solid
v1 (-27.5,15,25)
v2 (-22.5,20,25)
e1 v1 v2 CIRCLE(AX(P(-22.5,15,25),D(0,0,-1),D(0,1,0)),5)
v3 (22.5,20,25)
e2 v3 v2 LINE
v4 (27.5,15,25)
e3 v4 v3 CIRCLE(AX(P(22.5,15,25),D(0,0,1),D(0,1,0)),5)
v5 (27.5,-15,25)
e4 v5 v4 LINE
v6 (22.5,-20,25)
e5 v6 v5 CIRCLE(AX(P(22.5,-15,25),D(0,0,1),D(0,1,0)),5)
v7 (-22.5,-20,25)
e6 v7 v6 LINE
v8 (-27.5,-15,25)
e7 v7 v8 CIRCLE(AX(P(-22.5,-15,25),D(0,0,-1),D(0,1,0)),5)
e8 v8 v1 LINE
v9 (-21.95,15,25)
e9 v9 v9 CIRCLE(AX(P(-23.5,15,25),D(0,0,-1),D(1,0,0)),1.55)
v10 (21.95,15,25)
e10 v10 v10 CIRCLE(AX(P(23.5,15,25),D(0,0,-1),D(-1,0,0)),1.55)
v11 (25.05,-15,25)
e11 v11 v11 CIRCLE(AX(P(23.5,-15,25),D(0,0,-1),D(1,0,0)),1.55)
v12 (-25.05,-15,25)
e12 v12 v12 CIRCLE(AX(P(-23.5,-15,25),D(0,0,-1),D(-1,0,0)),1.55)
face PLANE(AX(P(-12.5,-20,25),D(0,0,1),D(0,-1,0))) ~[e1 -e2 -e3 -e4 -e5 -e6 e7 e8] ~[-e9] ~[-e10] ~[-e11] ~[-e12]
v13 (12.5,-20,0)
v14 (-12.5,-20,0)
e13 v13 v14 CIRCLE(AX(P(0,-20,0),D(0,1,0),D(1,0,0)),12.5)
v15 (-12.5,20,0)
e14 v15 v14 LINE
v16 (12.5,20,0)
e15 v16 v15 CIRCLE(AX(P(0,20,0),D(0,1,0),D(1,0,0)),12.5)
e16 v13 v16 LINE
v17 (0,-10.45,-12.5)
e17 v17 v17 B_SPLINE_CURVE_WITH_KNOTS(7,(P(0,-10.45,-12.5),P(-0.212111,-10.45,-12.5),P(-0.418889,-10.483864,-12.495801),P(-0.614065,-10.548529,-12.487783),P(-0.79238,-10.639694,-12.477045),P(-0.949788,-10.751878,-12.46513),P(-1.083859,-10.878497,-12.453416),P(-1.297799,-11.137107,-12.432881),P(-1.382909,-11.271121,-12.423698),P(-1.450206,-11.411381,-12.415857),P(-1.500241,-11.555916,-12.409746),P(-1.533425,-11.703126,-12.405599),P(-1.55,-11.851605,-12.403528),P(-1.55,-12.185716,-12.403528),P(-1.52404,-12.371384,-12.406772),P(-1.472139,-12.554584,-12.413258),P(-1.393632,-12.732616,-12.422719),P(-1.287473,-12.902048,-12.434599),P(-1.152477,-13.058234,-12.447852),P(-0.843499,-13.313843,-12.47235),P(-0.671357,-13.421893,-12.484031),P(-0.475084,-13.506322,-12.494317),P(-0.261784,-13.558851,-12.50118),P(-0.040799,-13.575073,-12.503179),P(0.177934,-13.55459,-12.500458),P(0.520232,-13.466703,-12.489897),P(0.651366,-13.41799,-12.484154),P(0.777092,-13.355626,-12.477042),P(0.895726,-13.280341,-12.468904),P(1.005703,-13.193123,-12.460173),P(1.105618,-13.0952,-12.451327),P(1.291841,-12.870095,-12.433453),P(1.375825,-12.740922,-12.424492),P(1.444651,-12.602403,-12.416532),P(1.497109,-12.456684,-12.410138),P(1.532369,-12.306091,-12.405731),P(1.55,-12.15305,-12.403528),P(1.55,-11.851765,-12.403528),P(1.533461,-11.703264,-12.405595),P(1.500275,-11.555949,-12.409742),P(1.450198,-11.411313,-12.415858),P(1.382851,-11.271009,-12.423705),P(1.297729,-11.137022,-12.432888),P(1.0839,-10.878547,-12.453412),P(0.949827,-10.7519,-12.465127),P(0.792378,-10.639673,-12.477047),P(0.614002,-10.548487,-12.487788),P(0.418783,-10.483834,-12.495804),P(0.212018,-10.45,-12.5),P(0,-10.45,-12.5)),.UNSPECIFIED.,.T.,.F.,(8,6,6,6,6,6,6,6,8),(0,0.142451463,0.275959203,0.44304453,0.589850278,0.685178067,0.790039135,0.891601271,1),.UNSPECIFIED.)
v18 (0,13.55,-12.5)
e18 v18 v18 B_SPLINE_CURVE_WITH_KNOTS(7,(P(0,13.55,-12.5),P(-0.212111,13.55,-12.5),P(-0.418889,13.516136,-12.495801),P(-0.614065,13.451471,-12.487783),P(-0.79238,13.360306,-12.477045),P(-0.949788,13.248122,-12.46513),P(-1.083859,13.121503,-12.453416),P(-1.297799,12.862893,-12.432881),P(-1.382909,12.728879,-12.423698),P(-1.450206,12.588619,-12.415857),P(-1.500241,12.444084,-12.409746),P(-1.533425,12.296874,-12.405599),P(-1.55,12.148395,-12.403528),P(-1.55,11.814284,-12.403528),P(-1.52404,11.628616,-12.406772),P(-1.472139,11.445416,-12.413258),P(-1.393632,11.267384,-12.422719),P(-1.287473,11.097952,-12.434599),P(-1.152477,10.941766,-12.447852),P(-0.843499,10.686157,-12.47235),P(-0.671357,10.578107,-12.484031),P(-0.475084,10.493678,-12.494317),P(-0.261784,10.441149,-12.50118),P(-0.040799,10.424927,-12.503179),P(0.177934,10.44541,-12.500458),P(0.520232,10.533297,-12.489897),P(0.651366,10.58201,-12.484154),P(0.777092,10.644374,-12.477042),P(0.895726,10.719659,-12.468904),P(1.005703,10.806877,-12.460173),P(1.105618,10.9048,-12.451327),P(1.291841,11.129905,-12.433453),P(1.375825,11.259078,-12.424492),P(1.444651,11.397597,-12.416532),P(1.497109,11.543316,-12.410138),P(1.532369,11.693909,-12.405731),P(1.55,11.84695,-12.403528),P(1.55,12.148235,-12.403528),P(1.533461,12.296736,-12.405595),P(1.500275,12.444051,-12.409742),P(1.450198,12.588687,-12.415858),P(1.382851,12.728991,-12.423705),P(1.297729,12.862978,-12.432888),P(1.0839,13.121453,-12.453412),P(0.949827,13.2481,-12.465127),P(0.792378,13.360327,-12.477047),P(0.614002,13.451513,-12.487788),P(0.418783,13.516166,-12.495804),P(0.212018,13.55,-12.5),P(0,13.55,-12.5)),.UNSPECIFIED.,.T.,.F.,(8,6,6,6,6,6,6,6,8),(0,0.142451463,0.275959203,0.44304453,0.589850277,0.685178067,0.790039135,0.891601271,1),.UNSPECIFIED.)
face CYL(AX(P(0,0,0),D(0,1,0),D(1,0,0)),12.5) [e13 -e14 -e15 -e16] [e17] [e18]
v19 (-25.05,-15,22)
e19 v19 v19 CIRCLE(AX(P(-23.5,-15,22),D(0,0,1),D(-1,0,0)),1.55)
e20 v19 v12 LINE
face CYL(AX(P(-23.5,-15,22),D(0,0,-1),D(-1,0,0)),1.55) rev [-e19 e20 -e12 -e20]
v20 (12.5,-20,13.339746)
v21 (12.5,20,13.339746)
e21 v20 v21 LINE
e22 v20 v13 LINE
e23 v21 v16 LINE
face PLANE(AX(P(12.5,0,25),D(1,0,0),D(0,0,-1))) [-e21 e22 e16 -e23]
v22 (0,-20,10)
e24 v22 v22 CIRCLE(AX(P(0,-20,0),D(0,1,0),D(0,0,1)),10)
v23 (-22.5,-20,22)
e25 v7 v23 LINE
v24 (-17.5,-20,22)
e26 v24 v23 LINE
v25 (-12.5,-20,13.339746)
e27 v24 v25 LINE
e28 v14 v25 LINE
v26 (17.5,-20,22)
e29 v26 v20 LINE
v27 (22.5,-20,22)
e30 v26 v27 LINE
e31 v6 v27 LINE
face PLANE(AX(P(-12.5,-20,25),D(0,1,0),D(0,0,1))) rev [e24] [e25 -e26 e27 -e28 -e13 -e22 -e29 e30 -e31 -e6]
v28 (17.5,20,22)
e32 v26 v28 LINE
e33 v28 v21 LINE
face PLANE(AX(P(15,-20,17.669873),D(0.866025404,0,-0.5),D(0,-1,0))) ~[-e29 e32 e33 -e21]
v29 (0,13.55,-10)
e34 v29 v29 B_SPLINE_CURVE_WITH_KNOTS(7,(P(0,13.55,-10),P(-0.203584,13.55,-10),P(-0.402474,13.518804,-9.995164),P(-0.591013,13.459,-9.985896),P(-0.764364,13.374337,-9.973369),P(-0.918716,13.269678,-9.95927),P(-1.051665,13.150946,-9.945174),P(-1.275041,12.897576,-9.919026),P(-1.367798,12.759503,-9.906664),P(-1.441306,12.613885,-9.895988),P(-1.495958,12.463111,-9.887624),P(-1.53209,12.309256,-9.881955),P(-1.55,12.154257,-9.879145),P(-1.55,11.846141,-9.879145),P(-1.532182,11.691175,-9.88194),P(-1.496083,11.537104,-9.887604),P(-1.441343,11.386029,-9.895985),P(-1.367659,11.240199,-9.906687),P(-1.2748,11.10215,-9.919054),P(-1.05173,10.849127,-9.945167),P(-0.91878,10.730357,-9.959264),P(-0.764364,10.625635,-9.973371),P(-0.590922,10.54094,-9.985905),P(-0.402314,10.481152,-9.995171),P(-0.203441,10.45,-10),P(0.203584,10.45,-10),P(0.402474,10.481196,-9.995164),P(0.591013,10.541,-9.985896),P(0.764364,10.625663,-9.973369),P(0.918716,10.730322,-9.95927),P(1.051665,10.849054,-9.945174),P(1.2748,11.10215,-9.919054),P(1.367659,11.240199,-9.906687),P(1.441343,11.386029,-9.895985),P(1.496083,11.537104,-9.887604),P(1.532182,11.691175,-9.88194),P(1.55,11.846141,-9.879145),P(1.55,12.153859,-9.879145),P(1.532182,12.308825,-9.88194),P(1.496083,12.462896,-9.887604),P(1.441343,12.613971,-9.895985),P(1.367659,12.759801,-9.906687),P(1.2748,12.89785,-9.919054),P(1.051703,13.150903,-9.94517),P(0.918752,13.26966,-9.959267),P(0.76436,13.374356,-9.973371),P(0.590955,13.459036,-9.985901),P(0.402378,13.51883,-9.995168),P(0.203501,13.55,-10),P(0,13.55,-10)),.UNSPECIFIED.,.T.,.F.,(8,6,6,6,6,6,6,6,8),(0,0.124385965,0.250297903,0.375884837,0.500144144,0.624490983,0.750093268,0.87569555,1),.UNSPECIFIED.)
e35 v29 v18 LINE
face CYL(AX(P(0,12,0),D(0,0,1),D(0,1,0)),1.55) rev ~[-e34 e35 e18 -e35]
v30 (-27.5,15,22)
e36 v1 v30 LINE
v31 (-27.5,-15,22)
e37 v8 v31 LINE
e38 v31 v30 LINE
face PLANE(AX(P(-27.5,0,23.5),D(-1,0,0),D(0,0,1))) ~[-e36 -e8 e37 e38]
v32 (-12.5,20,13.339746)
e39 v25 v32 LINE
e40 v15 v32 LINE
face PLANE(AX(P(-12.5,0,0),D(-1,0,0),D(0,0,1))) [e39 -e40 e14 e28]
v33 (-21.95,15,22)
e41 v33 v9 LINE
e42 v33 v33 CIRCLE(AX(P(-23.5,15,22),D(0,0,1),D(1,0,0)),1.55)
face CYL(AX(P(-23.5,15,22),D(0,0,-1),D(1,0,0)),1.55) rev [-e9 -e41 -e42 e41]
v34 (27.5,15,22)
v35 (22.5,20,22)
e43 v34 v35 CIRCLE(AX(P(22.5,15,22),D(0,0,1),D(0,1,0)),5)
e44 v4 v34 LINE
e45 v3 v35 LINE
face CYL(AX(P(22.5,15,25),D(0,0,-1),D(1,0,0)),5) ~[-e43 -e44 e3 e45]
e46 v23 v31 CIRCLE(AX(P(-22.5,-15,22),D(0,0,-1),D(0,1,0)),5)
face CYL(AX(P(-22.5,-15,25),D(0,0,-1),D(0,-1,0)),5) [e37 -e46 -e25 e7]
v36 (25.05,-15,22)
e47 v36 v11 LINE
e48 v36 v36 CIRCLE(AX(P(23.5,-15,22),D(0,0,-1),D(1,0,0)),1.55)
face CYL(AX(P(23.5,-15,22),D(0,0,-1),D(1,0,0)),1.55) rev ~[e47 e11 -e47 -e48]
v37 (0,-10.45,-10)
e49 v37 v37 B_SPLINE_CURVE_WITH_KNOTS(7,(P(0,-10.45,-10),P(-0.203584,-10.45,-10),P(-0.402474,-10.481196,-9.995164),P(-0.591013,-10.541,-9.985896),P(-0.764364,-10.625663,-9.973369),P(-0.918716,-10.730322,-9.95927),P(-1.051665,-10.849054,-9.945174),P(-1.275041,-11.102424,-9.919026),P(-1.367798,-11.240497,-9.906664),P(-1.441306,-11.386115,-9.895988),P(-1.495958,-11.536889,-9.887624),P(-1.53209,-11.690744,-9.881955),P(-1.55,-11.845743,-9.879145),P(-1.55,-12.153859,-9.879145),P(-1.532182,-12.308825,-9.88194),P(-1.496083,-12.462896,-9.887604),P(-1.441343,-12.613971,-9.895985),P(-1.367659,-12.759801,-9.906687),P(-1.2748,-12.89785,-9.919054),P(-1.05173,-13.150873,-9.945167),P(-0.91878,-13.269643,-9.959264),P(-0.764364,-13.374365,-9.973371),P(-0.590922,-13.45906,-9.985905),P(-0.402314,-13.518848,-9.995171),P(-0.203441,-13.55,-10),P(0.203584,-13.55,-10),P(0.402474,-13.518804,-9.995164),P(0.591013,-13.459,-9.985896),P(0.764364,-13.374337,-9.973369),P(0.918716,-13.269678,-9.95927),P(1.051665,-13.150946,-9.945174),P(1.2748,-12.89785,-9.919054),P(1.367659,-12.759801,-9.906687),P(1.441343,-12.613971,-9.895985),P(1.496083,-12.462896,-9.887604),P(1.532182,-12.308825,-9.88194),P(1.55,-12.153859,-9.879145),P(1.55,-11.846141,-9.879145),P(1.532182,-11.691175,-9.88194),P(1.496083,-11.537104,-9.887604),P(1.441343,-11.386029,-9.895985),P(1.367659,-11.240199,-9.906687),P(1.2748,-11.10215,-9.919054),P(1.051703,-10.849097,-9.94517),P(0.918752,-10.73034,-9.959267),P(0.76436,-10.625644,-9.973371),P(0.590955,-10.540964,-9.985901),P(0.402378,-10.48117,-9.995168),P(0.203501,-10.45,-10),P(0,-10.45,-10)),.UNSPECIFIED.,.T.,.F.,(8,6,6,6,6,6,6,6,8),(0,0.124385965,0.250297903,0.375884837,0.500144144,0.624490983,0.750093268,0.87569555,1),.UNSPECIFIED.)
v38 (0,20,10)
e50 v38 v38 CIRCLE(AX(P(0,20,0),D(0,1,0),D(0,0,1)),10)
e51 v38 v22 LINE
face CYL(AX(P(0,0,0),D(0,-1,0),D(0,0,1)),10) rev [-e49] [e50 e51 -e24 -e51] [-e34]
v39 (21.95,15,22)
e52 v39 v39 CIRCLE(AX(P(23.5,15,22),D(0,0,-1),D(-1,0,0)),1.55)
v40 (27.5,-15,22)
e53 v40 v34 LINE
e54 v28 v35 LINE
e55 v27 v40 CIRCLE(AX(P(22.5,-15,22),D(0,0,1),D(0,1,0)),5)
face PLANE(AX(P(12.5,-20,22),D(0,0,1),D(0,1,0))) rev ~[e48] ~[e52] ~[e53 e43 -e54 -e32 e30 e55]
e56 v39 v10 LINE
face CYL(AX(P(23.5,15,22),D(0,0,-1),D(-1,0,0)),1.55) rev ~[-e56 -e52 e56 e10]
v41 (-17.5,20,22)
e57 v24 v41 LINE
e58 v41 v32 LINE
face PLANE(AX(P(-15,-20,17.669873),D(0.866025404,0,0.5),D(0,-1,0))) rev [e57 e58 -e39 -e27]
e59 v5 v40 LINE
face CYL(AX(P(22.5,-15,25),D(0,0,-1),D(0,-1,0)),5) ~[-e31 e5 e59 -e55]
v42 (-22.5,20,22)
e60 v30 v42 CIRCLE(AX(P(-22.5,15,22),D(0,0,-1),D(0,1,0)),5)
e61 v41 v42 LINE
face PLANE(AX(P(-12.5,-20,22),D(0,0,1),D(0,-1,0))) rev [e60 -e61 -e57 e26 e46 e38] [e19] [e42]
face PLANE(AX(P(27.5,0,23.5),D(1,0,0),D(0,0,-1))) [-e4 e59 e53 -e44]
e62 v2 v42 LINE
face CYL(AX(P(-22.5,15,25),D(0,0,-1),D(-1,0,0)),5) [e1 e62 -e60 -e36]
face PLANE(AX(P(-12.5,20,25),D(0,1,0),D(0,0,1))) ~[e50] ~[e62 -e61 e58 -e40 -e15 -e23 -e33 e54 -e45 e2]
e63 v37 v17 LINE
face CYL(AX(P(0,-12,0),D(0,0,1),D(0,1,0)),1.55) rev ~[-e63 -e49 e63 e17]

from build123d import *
from OCP.BRepFilletAPI import BRepFilletAPI_MakeChamfer

# Parameters (mm, degrees)
SKETCH_1_R          = 10
EXTRUDE_1_DEPTH     = 20
SKETCH_7_R          = 1.55
CUT_EXTRUDE_2_DEPTH = 35.369317712
SKETCH_9_W          = 3
SKETCH_9_H          = 40
EXTRUDE_2_DEPTH     = 15
SKETCH_10_R         = 1.55
CUT_EXTRUDE_3_DEPTH = 49.440685517
CHAMFER_1_SIZE      = 5
CHAMFER_1_SIZE2     = 8.660254038
FILLET_1_R          = 5


with BuildPart() as part:
    # 草图1 → 凸台-拉伸1 (new, symmetric)
    with BuildSketch(Plane(origin=(0, 0, 0), x_dir=(1, 0, 0), z_dir=(0, 1, 0))):
        with BuildLine():
            Line((-12.5, -25), (12.5, -25))
            Line((12.5, -25), (12.5, 0))
            ThreePointArc((12.5, 0), (0, 12.5), (-12.5, 0))
            Line((-12.5, 0), (-12.5, -25))
        make_face()
        with Locations(Location((0, 0, 0), (0, 0, 270))):
            Circle(SKETCH_1_R, mode=Mode.SUBTRACT)
    extrude(amount=EXTRUDE_1_DEPTH, both=True)

    # 草图7 → 切除-拉伸2 (cut, through all)
    with BuildSketch(Plane.XY):
        with Locations(Location((0, -12, 0), (0, 0, 90))):
            Circle(SKETCH_7_R)
        with Locations(Location((0, 12, 0), (0, 0, 90))):
            Circle(SKETCH_7_R)
    extrude(amount=-CUT_EXTRUDE_2_DEPTH, mode=Mode.SUBTRACT)

    # 草图9 → 凸台-拉伸2 (add)
    with BuildSketch(Plane(origin=(12.5, 0, 0), x_dir=(0, 0, -1), z_dir=(1, 0, 0))):
        with Locations((-23.5, 0)):
            Rectangle(SKETCH_9_W, SKETCH_9_H)
    extrude_2 = extrude(amount=EXTRUDE_2_DEPTH)

    # 草图10 → 切除-拉伸3 (cut, through all)
    with BuildSketch(Plane(origin=(0, 0, 22), x_dir=(-1, 0, 0), z_dir=(0, 0, -1))):
        with Locations((-23.5, 15)):
            Circle(SKETCH_10_R)
        with Locations(Location((-23.5, -15, 0), (0, 0, 180))):
            Circle(SKETCH_10_R)
    cut_extrude_3 = extrude(amount=-CUT_EXTRUDE_3_DEPTH, mode=Mode.SUBTRACT)

    # 镜向6: 凸台-拉伸2, 切除-拉伸3 across plane
    add(extrude_2.mirror(Plane(origin=(0, 0, 0), x_dir=(0, 0, 1), z_dir=(1, 0, 0))))
    add(cut_extrude_3.mirror(Plane(origin=(0, 0, 0), x_dir=(0, 0, 1), z_dir=(1, 0, 0))), mode=Mode.SUBTRACT)

    # 倒角1: one chamfer whose edges measure the first distance from different faces: ONE call of the kernel's chamfer builder (chamfer() names one face for all edges)
    chamfer_1_edges_1 = [part.edges().sort_by_distance(p)[0] for p in [
        (12.5, 0, 22),
    ]]
    chamfer_1_side_1 = [part.faces().sort_by_distance(p)[0] for p in [
        (19.909671201, 0, 22),
    ]]
    chamfer_1_edges_2 = [part.edges().sort_by_distance(p)[0] for p in [
        (-12.5, 0, 22),
    ]]
    chamfer_1_side_2 = [part.faces().sort_by_distance(p)[0] for p in [
        (-19.909671201, 0, 22),
    ]]
    chamfer_1 = BRepFilletAPI_MakeChamfer(part.part.solid().wrapped)
    for e in chamfer_1_edges_1:
        chamfer_1.Add(CHAMFER_1_SIZE, CHAMFER_1_SIZE2, e.wrapped, chamfer_1_side_1[0].wrapped)  # the first distance lies on this face
    for e in chamfer_1_edges_2:
        chamfer_1.Add(CHAMFER_1_SIZE, CHAMFER_1_SIZE2, e.wrapped, chamfer_1_side_2[0].wrapped)  # the first distance lies on this face
    add(Compound.cast(chamfer_1.Shape()), mode=Mode.REPLACE)

    # 圆角1
    fillet_1_edges = [part.edges().sort_by_distance(p)[0] for p in [
        (27.5, -20, 23.5),
        (27.5, 20, 23.5),
        (-27.5, 20, 23.5),
        (-27.5, -20, 23.5),
    ]]
    fillet(fillet_1_edges, radius=FILLET_1_R)


solid = part.part
